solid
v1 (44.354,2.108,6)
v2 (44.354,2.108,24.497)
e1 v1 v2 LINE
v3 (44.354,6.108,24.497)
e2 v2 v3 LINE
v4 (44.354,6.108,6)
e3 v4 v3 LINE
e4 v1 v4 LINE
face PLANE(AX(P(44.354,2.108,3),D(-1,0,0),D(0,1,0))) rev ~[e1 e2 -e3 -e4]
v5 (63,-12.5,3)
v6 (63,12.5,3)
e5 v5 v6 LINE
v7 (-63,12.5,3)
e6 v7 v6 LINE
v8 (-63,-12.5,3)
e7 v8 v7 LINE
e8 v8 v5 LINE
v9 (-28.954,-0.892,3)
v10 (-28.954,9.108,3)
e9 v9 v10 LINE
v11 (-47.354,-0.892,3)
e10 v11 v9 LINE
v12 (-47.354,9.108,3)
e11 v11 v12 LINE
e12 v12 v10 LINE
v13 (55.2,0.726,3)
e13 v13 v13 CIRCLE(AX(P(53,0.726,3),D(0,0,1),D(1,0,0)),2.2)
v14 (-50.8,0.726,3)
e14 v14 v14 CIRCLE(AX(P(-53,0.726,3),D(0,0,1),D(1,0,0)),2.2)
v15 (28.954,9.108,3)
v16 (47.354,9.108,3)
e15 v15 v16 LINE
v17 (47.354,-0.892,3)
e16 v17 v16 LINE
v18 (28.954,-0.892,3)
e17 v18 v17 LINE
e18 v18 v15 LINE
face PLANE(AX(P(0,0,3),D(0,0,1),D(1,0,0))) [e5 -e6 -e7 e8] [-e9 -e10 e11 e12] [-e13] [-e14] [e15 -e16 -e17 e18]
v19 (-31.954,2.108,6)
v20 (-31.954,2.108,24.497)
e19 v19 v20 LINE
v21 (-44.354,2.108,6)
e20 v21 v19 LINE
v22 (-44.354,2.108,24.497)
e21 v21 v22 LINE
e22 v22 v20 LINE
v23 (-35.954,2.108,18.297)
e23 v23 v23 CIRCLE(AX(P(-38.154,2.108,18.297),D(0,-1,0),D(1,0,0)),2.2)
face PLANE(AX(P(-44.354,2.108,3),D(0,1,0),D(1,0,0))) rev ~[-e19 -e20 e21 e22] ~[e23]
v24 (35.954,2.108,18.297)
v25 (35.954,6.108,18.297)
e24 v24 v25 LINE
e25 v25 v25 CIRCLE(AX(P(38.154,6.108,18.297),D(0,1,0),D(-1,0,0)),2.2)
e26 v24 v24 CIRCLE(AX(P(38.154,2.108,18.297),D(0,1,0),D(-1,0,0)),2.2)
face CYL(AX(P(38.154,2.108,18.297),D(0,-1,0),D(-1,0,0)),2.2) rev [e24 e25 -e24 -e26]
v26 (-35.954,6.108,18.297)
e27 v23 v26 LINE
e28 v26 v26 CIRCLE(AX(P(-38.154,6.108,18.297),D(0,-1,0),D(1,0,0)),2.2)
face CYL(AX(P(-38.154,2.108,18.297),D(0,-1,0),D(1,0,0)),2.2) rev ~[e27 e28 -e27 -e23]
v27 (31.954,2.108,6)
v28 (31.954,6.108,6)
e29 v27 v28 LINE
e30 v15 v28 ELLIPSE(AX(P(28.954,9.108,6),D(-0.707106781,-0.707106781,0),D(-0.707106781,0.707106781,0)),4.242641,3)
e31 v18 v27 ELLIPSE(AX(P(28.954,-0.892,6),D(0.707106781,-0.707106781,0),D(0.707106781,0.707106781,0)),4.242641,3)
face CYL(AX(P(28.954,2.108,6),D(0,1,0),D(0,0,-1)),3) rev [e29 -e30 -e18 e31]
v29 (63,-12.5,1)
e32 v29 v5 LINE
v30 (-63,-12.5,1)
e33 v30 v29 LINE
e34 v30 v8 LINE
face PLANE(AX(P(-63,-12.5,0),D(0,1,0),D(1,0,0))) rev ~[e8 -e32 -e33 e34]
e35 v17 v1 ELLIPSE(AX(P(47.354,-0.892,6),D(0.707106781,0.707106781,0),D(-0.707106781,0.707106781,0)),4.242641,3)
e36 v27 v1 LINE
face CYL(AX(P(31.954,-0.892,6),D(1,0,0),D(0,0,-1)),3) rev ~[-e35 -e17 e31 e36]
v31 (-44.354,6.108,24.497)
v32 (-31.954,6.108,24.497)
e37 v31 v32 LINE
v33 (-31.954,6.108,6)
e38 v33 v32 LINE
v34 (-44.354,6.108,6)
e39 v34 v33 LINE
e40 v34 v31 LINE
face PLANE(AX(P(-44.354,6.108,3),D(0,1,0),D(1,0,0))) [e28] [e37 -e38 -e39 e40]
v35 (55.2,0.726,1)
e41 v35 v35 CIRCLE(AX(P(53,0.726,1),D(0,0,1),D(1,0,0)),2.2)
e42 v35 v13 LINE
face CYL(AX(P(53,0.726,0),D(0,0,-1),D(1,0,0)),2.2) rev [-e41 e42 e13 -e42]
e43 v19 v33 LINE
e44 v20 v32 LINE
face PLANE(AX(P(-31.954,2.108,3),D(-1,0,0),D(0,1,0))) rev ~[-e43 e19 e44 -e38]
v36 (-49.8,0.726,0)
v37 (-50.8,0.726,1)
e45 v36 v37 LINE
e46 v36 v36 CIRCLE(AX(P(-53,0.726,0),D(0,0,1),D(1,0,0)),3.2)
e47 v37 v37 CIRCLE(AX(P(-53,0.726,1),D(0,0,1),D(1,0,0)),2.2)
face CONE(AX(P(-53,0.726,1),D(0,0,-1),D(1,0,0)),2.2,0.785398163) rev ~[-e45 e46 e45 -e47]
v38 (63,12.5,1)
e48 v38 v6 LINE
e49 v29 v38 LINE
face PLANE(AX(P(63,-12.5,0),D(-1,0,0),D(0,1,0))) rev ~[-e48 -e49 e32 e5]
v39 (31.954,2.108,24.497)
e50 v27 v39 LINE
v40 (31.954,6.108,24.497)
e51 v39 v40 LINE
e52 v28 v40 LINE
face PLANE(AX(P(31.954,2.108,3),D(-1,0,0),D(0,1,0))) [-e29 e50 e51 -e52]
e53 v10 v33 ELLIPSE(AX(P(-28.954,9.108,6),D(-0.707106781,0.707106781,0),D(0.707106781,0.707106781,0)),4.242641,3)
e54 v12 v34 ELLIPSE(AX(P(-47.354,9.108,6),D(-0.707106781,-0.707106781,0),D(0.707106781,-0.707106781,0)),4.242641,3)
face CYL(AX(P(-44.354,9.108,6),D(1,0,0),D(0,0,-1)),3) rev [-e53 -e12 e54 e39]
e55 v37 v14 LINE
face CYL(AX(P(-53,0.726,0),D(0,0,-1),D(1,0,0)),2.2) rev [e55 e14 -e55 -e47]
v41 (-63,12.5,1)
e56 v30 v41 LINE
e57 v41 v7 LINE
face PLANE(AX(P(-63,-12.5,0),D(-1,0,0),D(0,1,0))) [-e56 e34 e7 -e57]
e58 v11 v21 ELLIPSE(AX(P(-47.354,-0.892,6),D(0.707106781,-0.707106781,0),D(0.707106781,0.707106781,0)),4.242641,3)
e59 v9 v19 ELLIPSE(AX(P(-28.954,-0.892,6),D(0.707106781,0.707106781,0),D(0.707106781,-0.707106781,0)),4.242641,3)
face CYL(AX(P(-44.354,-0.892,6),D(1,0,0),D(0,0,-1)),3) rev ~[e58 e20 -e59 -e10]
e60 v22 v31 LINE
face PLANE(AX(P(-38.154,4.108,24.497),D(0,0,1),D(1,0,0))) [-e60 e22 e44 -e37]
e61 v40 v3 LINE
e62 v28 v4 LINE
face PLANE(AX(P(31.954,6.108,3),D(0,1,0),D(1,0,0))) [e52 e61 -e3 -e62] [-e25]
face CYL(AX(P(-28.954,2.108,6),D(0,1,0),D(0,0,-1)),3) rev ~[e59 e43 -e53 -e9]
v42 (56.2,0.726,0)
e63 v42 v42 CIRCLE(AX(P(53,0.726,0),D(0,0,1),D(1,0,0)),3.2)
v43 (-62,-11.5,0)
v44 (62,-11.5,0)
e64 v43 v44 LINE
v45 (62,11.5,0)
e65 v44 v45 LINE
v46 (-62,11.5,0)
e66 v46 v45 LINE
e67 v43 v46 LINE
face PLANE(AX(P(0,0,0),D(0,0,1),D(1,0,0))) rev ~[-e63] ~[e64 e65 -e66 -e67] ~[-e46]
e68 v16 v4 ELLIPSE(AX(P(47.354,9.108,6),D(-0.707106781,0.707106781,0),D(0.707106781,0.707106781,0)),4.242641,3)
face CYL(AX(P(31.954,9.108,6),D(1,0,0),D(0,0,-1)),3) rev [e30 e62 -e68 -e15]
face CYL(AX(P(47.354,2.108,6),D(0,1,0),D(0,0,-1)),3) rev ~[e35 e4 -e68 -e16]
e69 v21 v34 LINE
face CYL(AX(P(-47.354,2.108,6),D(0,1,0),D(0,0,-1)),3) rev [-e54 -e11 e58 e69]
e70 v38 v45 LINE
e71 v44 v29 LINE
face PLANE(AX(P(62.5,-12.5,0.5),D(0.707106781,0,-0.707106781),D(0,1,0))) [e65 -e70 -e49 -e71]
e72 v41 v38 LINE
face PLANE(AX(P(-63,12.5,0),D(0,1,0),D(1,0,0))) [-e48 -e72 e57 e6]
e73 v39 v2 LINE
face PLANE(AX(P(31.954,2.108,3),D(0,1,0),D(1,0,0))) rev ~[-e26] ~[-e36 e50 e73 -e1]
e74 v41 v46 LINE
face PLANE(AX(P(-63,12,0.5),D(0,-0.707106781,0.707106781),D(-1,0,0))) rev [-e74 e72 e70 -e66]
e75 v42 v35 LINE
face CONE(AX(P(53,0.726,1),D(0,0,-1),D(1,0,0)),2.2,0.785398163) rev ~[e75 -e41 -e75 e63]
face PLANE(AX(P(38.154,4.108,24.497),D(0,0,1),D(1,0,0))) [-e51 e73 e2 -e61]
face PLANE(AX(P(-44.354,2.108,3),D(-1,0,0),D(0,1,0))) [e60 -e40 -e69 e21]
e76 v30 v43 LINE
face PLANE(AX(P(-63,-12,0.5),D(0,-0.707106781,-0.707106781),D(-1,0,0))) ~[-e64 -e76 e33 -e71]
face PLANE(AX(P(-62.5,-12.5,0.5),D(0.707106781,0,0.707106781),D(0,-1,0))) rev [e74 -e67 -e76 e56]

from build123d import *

# Parameters (mm, degrees)
SKETCH_W     = 126
SKETCH_H     = 25
SKETCH_R     = 2.2
PAD_DEPTH    = 3
SKETCH001_W  = 12.4
SKETCH001_H  = 4
PAD001_DEPTH = 21.497
SKETCH002_R  = 2.2
POCKET_DEPTH = 4
CHAMFER_SIZE = 1
FILLET_R     = 3


with BuildPart() as part:
    # Sketch → Pad (new body)
    with BuildSketch(Plane.XY):
        Rectangle(SKETCH_W, SKETCH_H)
        with Locations((-53, 0.726)):
            Circle(SKETCH_R, mode=Mode.SUBTRACT)
        with Locations((53, 0.726)):
            Circle(SKETCH_R, mode=Mode.SUBTRACT)
    extrude(amount=PAD_DEPTH)

    # Sketch001 → Pad001 (new body)
    with BuildSketch(Plane.XY.offset(3)):
        with Locations((-38.154, 4.108)):
            Rectangle(SKETCH001_W, SKETCH001_H)
        with Locations((38.154, 4.108)):
            Rectangle(SKETCH001_W, SKETCH001_H)
    extrude(amount=PAD001_DEPTH)

    # Sketch002 → Pocket (cut)
    with BuildSketch(Plane.XZ.offset(-2.108)):
        with Locations((-38.154, 18.297)):
            Circle(SKETCH002_R)
    pocket = extrude(amount=-POCKET_DEPTH, mode=Mode.SUBTRACT)

    # Mirrored: Pocket across Sketch002 V_Axis
    add(pocket.mirror(Plane(origin=(0, 2.108, 0), x_dir=(0, -1, 0), z_dir=(1, 0, 0))), mode=Mode.SUBTRACT)

    # Chamfer
    chamfer_edges = [part.edges().sort_by_distance(p)[0] for p in [
        (0, 12.5, 0),
        (63, 0, 0),
        (0, -12.5, 0),
        (-63, 0, 0),
        (50.8, 0.726, 0),
        (-55.2, 0.726, 0),
    ]]
    chamfer(chamfer_edges, length=CHAMFER_SIZE)

    # Fillet
    fillet_edges = [part.edges().sort_by_distance(p)[0] for p in [
        (31.954, 4.108, 3),
        (38.154, 6.108, 3),
        (44.354, 4.108, 3),
        (38.154, 2.108, 3),
        (-38.154, 2.108, 3),
        (-31.954, 4.108, 3),
        (-38.154, 6.108, 3),
        (-44.354, 4.108, 3),
    ]]
    fillet(fillet_edges, radius=FILLET_R)


solid = part.part
